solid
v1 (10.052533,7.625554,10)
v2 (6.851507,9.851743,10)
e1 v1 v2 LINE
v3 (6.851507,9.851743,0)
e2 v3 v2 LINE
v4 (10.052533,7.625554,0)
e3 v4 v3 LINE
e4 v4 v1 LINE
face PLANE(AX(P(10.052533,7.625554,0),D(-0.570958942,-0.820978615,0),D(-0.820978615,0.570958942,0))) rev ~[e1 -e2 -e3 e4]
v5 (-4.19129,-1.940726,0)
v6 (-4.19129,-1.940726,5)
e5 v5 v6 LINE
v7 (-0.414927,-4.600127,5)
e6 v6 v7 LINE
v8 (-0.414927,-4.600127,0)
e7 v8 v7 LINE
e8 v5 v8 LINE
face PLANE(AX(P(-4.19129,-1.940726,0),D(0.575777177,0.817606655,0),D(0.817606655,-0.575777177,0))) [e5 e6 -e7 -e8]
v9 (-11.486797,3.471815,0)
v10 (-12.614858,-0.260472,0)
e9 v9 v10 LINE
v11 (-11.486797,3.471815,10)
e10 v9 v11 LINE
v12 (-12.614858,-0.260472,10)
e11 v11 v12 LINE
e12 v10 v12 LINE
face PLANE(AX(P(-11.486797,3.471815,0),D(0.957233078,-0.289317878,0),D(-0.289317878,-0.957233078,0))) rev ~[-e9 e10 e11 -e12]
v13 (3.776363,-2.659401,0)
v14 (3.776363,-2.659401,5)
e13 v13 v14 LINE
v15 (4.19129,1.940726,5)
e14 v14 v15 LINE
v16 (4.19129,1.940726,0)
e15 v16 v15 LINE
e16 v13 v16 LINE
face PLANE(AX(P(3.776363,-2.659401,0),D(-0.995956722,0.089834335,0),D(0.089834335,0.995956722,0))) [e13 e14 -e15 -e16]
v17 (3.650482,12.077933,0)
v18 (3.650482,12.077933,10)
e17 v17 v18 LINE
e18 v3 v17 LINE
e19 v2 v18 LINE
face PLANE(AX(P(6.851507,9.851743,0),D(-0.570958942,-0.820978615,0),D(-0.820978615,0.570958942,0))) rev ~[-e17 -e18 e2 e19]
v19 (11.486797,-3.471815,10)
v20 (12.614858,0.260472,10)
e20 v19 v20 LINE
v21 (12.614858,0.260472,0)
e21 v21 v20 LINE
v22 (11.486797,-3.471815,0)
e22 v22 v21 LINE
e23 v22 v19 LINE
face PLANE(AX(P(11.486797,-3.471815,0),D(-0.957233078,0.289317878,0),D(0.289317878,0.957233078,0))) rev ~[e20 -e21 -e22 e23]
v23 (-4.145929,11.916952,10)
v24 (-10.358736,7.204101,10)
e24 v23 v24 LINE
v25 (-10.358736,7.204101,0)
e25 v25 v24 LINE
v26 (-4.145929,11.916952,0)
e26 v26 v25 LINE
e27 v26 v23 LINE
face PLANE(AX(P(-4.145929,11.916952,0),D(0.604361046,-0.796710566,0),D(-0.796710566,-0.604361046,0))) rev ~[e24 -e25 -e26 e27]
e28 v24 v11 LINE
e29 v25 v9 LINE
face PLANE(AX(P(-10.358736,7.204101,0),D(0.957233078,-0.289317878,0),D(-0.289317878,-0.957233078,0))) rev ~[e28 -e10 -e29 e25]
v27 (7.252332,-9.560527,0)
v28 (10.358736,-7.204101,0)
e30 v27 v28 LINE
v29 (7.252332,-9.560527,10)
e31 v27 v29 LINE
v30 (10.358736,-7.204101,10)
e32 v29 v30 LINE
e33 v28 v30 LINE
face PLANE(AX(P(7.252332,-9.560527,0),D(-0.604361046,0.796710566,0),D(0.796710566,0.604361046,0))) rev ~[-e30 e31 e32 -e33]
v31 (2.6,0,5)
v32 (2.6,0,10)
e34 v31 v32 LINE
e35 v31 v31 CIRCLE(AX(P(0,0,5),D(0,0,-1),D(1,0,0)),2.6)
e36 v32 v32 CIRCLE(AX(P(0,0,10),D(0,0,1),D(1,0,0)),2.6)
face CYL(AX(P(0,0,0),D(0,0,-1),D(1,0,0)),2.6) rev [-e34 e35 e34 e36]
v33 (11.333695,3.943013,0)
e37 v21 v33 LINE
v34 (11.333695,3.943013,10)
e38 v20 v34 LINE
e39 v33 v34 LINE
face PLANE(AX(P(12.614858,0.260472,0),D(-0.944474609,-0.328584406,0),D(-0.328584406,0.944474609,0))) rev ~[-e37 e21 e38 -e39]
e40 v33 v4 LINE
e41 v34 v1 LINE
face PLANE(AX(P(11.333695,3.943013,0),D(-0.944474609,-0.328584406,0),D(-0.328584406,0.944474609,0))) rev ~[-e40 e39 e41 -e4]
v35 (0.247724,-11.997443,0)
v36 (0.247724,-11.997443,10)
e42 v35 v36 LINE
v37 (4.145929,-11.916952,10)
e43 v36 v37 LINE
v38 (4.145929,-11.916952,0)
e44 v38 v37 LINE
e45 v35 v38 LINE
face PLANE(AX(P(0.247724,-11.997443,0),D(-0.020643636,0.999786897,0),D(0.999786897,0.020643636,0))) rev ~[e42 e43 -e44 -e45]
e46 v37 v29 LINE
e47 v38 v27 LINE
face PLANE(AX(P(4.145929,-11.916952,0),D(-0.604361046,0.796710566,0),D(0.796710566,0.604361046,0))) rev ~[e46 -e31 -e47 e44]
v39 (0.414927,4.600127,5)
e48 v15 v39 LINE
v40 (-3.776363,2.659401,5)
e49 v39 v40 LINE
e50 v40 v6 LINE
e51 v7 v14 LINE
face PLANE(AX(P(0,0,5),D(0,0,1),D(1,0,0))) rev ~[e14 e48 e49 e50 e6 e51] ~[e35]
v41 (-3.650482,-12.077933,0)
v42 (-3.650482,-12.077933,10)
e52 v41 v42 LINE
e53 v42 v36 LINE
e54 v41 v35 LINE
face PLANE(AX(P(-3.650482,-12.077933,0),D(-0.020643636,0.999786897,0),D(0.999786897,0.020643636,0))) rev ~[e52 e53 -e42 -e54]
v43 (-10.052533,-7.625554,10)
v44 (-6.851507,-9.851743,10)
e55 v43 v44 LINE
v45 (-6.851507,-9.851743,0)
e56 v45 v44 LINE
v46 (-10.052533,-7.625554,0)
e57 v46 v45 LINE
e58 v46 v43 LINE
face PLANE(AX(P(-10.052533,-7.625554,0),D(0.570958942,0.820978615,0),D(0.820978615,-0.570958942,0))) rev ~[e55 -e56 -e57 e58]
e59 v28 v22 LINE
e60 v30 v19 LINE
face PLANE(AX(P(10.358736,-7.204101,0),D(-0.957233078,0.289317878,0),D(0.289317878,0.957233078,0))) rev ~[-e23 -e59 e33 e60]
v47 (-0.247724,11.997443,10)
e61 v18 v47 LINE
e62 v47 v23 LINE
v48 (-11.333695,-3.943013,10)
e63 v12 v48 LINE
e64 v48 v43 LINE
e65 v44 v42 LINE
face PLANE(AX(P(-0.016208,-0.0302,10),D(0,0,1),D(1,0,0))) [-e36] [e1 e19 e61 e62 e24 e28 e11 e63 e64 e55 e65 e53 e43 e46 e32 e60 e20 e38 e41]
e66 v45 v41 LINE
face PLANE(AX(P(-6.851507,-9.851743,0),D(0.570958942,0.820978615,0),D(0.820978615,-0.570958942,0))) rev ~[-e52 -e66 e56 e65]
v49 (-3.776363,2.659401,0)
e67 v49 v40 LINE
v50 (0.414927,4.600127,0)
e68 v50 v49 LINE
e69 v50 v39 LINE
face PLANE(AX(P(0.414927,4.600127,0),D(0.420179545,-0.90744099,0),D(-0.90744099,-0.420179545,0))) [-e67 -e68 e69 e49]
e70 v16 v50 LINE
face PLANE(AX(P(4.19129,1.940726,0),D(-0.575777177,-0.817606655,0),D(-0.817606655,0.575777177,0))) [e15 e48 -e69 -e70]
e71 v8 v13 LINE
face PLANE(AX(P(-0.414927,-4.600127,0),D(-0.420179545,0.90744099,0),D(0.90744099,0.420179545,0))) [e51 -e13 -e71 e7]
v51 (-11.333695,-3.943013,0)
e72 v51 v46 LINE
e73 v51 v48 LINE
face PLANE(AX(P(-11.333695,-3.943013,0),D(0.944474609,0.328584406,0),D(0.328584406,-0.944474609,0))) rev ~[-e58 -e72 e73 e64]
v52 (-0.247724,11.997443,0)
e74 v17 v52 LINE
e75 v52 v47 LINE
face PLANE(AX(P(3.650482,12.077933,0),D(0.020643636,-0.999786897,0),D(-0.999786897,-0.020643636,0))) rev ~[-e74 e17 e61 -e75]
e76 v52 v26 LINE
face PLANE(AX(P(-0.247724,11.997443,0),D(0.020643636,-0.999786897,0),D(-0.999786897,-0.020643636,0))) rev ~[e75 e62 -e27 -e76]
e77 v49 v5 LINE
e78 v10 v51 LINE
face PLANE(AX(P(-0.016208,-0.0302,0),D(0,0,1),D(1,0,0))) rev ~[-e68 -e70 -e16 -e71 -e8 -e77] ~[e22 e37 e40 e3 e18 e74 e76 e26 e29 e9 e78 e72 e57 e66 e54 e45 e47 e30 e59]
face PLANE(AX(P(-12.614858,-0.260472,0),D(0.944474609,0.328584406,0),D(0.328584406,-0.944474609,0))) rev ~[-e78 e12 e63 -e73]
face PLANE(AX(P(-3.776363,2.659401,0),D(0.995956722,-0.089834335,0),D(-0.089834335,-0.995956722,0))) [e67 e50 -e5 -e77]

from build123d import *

# Parameters (mm, degrees)
F0_R          = 2.6
F1_DEPTH      = 10
F3_DEPTH      = 10
F3_DEPTH_BACK = 5


with BuildPart() as f1:
    # F0 (on Top) → F1 (new body)
    with BuildSketch(Plane.XY):
        with BuildLine():
            ThreePointArc((11.4867969381, -3.471814526), (11.8710059232, -1.7547701763), (12, 0))
            ThreePointArc((12, 0), (11.8322513458, 1.9994569485), (11.3336953185, 3.9430128617))
            ThreePointArc((11.3336953185, 3.9430128617), (9.5605268033, 7.2523325381), (6.8515073127, 9.8517433759))
            ThreePointArc((6.8515073127, 9.8517433759), (3.4718145374, 11.4867969347), (-0.2477236365, 11.9974427692))
            ThreePointArc((-0.2477236365, 11.9974427692), (-3.9430129531, 11.3336952867), (-7.2523326742, 9.5605267001))
            ThreePointArc((-7.2523326742, 9.5605267001), (-9.8517434045, 6.8515072715), (-11.4867969107, 3.4718146166))
            ThreePointArc((-11.4867969107, 3.4718146166), (-11.997442771, -0.2477235484), (-11.3336953377, -3.9430128064))
            ThreePointArc((-11.3336953377, -3.9430128064), (-9.5605268496, -7.2523324771), (-6.8515073904, -9.8517433218))
            ThreePointArc((-6.8515073904, -9.8517433218), (-3.4718145971, -11.4867969166), (0.2477236065, -11.9974427698))
            ThreePointArc((0.2477236065, -11.9974427698), (3.9430128215, -11.3336953325), (7.2523324761, -9.5605268504))
            ThreePointArc((7.2523324761, -9.5605268504), (9.8517433606, -6.8515073347), (11.4867969381, -3.471814526))
        make_face()
        Circle(F0_R, mode=Mode.SUBTRACT)
        with BuildLine():
            ThreePointArc((-11.3336953377, -3.9430128064), (-11.997442771, -0.2477235484), (-11.4867969107, 3.4718146166))
            Line((-11.4867969107, 3.4718146166), (-12.6148578594, -0.2604720387))
            Line((-12.6148578594, -0.2604720387), (-11.3336953377, -3.9430128064))
        make_face()
        with BuildLine():
            ThreePointArc((-11.4867969107, 3.4718146166), (-9.8517434045, 6.8515072715), (-7.2523326742, 9.5605267001))
            Line((-7.2523326742, 9.5605267001), (-10.3587360129, 7.2041011037))
            Line((-10.3587360129, 7.2041011037), (-11.4867969107, 3.4718146166))
        make_face()
        with BuildLine():
            ThreePointArc((-0.2477236365, 11.9974427692), (3.4718145374, 11.4867969347), (6.8515073127, 9.8517433759))
            Line((6.8515073127, 9.8517433759), (3.6504818305, 12.0779330558))
            Line((3.6504818305, 12.0779330558), (-0.2477236365, 11.9974427692))
        make_face()
        with BuildLine():
            ThreePointArc((-7.2523326742, 9.5605267001), (-3.9430129531, 11.3336952867), (-0.2477236365, 11.9974427692))
            Line((-0.2477236365, 11.9974427692), (-4.1459290899, 11.9169524828))
            Line((-4.1459290899, 11.9169524828), (-7.2523326742, 9.5605267001))
        make_face()
        with BuildLine():
            ThreePointArc((11.3336953185, 3.9430128617), (11.8322513458, 1.9994569485), (12, 0))
            ThreePointArc((12, 0), (11.8710059232, -1.7547701763), (11.4867969381, -3.471814526))
            Line((11.4867969381, -3.471814526), (12.6148578594, 0.2604720387))
            Line((12.6148578594, 0.2604720387), (11.3336953185, 3.9430128617))
        make_face()
        with BuildLine():
            Line((10.3587360129, -7.2041011037), (11.4867969381, -3.471814526))
            ThreePointArc((11.4867969381, -3.471814526), (9.8517433606, -6.8515073347), (7.2523324761, -9.5605268504))
            Line((7.2523324761, -9.5605268504), (10.3587360129, -7.2041011037))
        make_face()
        with BuildLine():
            Line((4.1459290899, -11.9169524828), (7.2523324761, -9.5605268504))
            ThreePointArc((7.2523324761, -9.5605268504), (3.9430128215, -11.3336953325), (0.2477236065, -11.9974427698))
            Line((0.2477236065, -11.9974427698), (4.1459290899, -11.9169524828))
        make_face()
        with BuildLine():
            Line((-3.6504818305, -12.0779330558), (0.2477236065, -11.9974427698))
            ThreePointArc((0.2477236065, -11.9974427698), (-3.4718145971, -11.4867969166), (-6.8515073904, -9.8517433218))
            Line((-6.8515073904, -9.8517433218), (-3.6504818305, -12.0779330558))
        make_face()
        with BuildLine():
            ThreePointArc((6.8515073127, 9.8517433759), (9.5605268033, 7.2523325381), (11.3336953185, 3.9430128617))
            Line((11.3336953185, 3.9430128617), (10.0525327669, 7.6255537154))
            Line((10.0525327669, 7.6255537154), (6.8515073127, 9.8517433759))
        make_face()
        with BuildLine():
            Line((-10.0525327669, -7.6255537154), (-6.8515073904, -9.8517433218))
            ThreePointArc((-6.8515073904, -9.8517433218), (-9.5605268496, -7.2523324771), (-11.3336953377, -3.9430128064))
            Line((-11.3336953377, -3.9430128064), (-10.0525327669, -7.6255537154))
        make_face()
    extrude(amount=F1_DEPTH)

    # F2 (on Top) → F3 (cut, two sides)
    with BuildSketch(Plane.XY) as f3_sk:
        Polygon((0.4149270205, 4.6001270527), (-3.776363378, 2.6594008668), (-4.1912903985, -1.9407261859), (-0.4149270205, -4.6001270527), (3.776363378, -2.6594008668), (4.1912903985, 1.9407261859), align=None)
    extrude(amount=-F3_DEPTH, mode=Mode.SUBTRACT)
    extrude(f3_sk.sketch, amount=F3_DEPTH_BACK, mode=Mode.SUBTRACT)


solid = f1.part
